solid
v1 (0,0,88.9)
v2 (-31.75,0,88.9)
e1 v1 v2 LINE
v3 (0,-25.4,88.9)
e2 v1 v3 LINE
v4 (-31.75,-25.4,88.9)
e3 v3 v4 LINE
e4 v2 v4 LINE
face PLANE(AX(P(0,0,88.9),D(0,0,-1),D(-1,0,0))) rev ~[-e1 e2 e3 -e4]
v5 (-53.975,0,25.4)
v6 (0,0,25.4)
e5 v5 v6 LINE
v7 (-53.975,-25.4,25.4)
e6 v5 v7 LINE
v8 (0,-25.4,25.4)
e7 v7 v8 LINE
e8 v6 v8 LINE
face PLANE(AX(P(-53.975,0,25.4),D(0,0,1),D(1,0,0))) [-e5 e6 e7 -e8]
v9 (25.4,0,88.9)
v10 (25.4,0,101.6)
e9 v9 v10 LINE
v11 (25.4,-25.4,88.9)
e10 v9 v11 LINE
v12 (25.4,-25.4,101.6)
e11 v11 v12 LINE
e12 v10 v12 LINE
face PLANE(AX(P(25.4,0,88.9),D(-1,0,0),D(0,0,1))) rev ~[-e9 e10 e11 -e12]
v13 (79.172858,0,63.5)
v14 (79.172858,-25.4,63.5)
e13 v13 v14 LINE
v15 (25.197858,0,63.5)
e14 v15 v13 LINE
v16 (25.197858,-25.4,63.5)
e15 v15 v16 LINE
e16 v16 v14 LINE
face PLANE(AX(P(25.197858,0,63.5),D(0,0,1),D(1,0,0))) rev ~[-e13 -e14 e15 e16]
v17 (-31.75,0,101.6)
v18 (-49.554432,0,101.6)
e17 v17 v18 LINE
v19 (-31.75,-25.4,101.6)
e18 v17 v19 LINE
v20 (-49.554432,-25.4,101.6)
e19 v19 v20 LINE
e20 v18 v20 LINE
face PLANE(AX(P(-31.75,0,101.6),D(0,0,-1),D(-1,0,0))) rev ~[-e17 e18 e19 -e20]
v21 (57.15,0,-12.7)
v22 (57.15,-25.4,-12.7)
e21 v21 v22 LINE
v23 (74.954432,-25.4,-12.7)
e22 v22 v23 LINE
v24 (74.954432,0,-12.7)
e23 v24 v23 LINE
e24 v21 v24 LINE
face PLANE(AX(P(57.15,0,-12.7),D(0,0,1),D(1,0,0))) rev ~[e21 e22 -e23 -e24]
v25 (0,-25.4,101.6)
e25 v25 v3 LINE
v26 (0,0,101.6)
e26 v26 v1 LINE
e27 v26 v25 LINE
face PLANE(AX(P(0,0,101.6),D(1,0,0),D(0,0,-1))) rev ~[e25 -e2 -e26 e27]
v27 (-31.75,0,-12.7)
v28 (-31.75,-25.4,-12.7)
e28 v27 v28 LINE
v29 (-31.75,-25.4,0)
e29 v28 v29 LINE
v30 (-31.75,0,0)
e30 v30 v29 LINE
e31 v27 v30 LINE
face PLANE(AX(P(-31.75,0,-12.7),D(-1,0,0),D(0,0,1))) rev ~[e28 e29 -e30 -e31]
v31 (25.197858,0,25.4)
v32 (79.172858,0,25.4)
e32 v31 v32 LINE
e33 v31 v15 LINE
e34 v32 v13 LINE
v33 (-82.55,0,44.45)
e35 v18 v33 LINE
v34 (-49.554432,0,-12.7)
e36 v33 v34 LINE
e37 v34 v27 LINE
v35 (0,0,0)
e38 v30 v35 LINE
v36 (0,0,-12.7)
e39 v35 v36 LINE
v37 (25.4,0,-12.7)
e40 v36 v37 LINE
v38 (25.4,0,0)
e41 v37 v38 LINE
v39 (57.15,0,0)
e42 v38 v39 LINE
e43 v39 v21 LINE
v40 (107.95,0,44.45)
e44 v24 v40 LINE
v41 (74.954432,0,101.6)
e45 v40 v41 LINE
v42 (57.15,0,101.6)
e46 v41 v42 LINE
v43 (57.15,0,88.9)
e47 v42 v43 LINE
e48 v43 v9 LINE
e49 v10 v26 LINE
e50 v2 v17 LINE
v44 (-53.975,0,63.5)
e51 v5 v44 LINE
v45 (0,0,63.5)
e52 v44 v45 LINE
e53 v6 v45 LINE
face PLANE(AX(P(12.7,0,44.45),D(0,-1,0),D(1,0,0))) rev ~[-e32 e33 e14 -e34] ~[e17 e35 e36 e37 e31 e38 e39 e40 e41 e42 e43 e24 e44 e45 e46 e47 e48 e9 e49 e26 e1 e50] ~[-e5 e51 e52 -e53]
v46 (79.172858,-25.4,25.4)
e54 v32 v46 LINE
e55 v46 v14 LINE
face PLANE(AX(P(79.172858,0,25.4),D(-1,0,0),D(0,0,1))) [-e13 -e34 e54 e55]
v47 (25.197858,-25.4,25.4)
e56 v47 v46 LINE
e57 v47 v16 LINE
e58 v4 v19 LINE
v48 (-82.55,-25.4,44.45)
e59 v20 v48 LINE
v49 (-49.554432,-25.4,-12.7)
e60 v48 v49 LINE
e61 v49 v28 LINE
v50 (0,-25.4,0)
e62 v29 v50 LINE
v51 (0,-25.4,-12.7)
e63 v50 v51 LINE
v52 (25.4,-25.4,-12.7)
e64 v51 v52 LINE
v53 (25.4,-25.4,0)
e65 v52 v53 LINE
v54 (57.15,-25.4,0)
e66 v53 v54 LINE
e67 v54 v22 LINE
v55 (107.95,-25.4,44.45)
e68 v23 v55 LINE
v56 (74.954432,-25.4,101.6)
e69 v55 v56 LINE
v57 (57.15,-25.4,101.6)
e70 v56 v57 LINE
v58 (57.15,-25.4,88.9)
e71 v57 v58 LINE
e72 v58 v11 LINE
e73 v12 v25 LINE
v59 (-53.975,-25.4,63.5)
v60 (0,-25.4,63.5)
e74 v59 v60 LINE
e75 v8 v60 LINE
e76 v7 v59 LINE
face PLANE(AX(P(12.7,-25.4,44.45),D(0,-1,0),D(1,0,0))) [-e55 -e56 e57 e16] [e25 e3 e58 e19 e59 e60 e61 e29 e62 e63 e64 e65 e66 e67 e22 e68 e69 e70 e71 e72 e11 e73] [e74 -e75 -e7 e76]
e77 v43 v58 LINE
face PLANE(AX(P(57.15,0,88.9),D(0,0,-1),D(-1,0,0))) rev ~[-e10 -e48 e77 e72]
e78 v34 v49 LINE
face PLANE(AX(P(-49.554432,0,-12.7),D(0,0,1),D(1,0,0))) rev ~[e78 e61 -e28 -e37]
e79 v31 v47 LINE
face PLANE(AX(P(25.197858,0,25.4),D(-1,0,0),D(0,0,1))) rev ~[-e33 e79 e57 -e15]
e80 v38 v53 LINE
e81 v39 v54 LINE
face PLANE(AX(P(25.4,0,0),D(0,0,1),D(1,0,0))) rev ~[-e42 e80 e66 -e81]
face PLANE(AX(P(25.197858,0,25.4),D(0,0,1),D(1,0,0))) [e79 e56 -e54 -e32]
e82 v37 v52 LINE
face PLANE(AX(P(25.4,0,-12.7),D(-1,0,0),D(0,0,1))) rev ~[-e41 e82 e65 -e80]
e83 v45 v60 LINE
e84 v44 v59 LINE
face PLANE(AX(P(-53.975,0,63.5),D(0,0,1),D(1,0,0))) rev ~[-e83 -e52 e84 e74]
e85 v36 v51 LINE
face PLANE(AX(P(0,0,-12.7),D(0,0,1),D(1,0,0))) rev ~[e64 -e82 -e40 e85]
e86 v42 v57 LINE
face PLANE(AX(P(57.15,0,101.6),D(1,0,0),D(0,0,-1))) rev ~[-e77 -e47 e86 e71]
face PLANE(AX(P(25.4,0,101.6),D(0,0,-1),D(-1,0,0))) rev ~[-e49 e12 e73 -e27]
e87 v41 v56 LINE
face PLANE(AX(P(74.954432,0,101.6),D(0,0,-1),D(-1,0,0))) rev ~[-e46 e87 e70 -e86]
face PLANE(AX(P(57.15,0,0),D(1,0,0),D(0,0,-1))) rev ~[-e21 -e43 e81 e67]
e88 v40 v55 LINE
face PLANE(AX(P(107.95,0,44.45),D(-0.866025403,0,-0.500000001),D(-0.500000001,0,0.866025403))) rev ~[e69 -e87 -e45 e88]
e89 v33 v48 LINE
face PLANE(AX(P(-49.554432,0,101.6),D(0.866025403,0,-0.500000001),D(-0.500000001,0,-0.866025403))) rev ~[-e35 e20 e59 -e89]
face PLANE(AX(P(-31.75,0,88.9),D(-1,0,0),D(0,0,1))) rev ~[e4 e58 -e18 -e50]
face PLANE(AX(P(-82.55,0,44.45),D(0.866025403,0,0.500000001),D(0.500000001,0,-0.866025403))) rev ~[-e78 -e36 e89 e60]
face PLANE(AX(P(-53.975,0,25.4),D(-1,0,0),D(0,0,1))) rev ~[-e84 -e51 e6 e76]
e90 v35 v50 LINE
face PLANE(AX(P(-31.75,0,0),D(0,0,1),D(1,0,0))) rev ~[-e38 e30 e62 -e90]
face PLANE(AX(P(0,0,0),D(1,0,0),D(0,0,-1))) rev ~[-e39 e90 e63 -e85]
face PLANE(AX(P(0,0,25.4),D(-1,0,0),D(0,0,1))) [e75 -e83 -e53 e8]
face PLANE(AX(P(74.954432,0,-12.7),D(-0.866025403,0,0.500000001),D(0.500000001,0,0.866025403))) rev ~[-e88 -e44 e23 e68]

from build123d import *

# Parameters (mm, degrees)
F0_W     = 53.975
F0_H     = 38.1
F1_DEPTH = 25.4


with BuildPart() as f1:
    # F0 (on Front) → F1 (new body)
    with BuildSketch(Plane.XZ):
        Polygon((-31.75, 101.6), (-49.554432, 101.6), (-82.55, 44.45), (-49.554432, -12.7), (-31.75, -12.7), (-31.75, 0), (0, 0), (0, -12.7), (25.4, -12.7), (25.4, 0), (57.15, 0), (57.15, -12.7), (74.954432, -12.7), (107.95, 44.45), (74.954432, 101.6), (57.15, 101.6), (57.15, 88.9), (25.4, 88.9), (25.4, 101.6), (0, 101.6), (0, 88.9), (-31.75, 88.9), align=None)
        with Locations((-26.9875, 44.45)):
            Rectangle(F0_W, F0_H, mode=Mode.SUBTRACT)
        with Locations((52.185358, 44.45)):
            Rectangle(F0_W, F0_H, mode=Mode.SUBTRACT)
    extrude(amount=F1_DEPTH)


solid = f1.part
